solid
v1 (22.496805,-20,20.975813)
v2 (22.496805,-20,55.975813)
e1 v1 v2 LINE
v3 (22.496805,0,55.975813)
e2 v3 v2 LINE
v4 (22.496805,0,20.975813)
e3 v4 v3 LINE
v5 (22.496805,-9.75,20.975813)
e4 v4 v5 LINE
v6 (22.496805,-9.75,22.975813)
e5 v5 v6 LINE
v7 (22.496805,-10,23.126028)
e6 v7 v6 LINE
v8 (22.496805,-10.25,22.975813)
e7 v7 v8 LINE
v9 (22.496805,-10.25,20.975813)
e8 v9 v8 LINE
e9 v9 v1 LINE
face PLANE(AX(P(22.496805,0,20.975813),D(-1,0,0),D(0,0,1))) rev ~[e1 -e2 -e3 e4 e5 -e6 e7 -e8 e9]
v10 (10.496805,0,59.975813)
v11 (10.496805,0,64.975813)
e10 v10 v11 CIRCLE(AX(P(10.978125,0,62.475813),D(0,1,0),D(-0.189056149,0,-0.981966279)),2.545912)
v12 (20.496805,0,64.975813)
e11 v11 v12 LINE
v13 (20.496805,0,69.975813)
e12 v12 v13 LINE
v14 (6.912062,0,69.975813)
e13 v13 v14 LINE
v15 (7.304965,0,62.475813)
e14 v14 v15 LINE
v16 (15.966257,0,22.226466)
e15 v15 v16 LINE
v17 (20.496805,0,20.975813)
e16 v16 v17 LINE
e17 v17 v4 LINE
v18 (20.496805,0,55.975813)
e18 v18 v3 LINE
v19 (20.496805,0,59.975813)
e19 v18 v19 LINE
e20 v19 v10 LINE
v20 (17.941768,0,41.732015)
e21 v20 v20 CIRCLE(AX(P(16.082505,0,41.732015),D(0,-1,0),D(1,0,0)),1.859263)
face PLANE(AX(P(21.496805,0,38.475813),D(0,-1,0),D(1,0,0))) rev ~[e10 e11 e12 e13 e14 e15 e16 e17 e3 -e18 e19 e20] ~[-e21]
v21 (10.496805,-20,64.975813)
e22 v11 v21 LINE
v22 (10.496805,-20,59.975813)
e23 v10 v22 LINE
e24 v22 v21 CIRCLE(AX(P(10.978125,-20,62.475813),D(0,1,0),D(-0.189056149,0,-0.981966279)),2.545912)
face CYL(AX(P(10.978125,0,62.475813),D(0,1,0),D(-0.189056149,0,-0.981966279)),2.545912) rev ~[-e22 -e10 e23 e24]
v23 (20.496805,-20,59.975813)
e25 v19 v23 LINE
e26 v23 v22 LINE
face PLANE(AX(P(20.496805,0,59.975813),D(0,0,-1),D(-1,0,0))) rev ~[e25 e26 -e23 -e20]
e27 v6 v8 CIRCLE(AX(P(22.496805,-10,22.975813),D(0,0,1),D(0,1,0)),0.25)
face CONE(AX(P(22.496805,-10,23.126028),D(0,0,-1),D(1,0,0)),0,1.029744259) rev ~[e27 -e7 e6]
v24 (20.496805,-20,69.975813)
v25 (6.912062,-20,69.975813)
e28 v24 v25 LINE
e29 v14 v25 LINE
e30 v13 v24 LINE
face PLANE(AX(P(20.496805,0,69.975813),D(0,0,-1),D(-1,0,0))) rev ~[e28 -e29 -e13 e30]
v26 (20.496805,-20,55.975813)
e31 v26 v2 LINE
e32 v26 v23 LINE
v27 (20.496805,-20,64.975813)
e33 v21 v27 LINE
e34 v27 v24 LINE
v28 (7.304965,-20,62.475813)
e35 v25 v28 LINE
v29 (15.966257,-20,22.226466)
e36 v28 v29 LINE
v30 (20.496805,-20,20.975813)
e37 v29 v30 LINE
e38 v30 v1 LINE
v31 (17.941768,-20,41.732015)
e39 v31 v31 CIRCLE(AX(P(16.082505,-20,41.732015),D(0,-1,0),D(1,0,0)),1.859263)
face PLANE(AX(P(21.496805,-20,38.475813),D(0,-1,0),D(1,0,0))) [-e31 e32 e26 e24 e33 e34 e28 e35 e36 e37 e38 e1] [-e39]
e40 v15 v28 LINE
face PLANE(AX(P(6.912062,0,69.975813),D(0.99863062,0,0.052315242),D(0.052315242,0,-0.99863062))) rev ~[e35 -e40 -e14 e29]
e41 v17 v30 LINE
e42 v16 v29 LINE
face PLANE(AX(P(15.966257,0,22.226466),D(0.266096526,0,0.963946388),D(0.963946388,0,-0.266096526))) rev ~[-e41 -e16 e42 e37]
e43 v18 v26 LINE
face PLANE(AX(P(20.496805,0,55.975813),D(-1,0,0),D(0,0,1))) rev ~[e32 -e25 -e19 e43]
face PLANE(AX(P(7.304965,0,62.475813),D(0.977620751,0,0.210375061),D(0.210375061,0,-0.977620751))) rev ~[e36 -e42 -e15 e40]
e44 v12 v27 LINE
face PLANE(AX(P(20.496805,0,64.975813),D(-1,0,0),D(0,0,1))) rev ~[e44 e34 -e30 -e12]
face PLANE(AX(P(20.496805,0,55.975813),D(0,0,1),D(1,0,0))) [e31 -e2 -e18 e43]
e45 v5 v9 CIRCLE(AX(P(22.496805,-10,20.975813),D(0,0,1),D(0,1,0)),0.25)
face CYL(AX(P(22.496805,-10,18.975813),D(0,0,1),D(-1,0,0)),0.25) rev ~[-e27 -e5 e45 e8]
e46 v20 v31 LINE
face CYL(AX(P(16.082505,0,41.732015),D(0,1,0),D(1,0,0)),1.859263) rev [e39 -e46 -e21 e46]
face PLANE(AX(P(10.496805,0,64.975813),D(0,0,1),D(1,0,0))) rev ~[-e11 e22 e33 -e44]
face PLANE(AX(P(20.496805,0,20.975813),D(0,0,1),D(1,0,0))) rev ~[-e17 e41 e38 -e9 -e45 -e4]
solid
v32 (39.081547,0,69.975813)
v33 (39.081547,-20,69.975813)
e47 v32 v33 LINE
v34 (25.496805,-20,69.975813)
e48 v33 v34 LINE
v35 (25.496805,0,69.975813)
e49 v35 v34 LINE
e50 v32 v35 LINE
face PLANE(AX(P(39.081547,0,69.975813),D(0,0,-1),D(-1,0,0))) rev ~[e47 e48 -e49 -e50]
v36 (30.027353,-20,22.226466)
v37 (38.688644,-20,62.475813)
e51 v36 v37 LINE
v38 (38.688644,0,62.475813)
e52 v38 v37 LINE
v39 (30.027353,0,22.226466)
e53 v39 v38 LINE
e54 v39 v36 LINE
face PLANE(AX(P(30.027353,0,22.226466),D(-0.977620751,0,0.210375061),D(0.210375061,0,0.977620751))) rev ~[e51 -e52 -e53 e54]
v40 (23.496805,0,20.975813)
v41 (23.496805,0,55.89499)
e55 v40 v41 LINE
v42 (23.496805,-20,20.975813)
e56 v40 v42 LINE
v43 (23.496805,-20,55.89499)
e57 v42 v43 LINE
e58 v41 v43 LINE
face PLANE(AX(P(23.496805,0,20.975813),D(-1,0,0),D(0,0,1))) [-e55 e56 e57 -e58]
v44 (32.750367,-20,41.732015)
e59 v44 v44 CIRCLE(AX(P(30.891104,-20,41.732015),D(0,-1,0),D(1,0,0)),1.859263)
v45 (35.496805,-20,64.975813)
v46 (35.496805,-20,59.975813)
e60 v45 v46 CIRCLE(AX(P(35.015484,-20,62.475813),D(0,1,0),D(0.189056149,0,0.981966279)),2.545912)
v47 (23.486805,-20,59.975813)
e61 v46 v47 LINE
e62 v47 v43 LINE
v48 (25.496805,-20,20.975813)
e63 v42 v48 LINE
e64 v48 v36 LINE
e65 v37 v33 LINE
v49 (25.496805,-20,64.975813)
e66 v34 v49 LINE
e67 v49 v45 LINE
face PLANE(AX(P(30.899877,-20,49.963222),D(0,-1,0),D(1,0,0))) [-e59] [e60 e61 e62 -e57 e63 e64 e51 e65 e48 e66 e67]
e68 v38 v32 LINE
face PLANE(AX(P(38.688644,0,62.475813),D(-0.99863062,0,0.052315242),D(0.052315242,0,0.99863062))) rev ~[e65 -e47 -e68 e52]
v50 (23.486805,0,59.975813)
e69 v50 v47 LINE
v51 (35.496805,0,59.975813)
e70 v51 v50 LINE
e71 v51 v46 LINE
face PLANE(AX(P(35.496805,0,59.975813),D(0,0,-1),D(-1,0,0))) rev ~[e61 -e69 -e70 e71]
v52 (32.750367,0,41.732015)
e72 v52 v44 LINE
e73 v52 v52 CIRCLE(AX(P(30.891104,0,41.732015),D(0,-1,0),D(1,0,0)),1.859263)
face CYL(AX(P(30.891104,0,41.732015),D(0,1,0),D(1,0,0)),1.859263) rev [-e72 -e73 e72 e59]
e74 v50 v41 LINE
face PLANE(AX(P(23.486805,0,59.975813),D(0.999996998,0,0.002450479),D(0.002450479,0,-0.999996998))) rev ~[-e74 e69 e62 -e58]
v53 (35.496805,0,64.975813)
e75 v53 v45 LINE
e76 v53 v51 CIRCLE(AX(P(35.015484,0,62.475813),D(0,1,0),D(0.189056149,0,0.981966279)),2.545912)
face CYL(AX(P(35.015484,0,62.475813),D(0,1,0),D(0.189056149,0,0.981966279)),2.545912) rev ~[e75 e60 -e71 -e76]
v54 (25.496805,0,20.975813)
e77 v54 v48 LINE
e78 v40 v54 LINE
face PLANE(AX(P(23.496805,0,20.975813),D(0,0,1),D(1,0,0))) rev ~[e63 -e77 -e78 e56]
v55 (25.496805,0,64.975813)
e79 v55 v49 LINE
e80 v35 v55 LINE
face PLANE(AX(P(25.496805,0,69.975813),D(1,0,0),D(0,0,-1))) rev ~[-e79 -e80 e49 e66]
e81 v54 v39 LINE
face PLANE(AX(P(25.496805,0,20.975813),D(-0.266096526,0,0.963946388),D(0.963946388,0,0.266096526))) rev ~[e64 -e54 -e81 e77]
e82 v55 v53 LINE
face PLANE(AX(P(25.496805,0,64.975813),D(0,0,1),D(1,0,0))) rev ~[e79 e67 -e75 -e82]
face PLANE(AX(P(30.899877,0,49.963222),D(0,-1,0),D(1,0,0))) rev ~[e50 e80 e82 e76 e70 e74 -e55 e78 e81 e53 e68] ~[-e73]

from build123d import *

# Parameters (mm, degrees)
F0_R     = 1.8592628509
F0_W     = 2
F0_H     = 34.9191774971
F1_DEPTH = 20
F0_H_2   = 35
F3_D     = 0.5
F3_DEPTH = 2
F3_TIP   = 0.1502151548


with BuildPart() as f1:
    # F0 (on Front) → F1 (new body)
    with BuildSketch(Plane.XZ):
        with BuildLine():
            Line((30.0273526112, 22.2264664745), (38.6886444998, 62.4758128023))
            Line((38.6886444998, 62.4758128023), (39.0815468509, 69.9758128023))
            Line((39.0815468509, 69.9758128023), (25.4968045878, 69.9758128023))
            Line((25.4968045878, 69.9758128023), (25.4968045878, 64.9758128023))
            Line((25.4968045878, 64.9758128023), (35.4968045878, 64.9758128023))
            ThreePointArc((35.4968045878, 64.9758128023), (37.5613964893, 62.4758128023), (35.4968045878, 59.9758128023))
            Line((35.4968045878, 59.9758128023), (25.4968045878, 59.9758128023))
            Line((25.4968045878, 59.9758128023), (25.4968045878, 55.8949902994))
            Line((25.4968045878, 55.8949902994), (25.4968045878, 20.9758128023))
            Line((25.4968045878, 20.9758128023), (30.0273526112, 22.2264664745))
        make_face()
        with Locations((30.8911041659, 41.7320145176)):
            Circle(F0_R, mode=Mode.SUBTRACT)
        with Locations((24.4968045878, 38.4354015509)):
            Rectangle(F0_W, F0_H)
        Polygon((23.4968045878, 55.8949902994), (25.4968045878, 55.8949902994), (25.4968045878, 59.9758128023), (23.4868045878, 59.9758128023), align=None)
    extrude(amount=F1_DEPTH)


with BuildPart() as f1b:
    # F0 (on Front) → F1, piece 2 (new body)
    with BuildSketch(Plane.XZ):
        with Locations((21.4968045878, 38.4758128023)):
            Rectangle(F0_W, F0_H_2)
        with BuildLine():
            Line((15.9662565644, 22.2264664745), (20.4968045878, 20.9758128023))
            Line((20.4968045878, 20.9758128023), (20.4968045878, 55.9758128023))
            Line((20.4968045878, 55.9758128023), (20.4968045878, 59.9758128023))
            Line((20.4968045878, 59.9758128023), (10.4968045878, 59.9758128023))
            ThreePointArc((10.4968045878, 59.9758128023), (8.4322126863, 62.4758128023), (10.4968045878, 64.9758128023))
            Line((10.4968045878, 64.9758128023), (20.4968045878, 64.9758128023))
            Line((20.4968045878, 64.9758128023), (20.4968045878, 69.9758128023))
            Line((20.4968045878, 69.9758128023), (6.9120623247, 69.9758128023))
            Line((6.9120623247, 69.9758128023), (7.3049646759, 62.4758128023))
            Line((7.3049646759, 62.4758128023), (15.9662565644, 22.2264664745))
        make_face()
        with Locations((16.0825050097, 41.7320145176)):
            Circle(F0_R, mode=Mode.SUBTRACT)
    extrude(amount=F1_DEPTH)

    # F3
    with Locations(Plane(origin=(0, 0, 20.9758128023), x_dir=(1, 0, 0), z_dir=(0, 0, -1))):
        with Locations((22.4968045878, 10)):
            Hole(F3_D / 2, depth=F3_DEPTH)
            with Locations((0, 0, -(F3_DEPTH + F3_TIP / 2))):  # 118° drill point
                Cone(0, F3_D / 2, F3_TIP, mode=Mode.SUBTRACT)


solid = Compound([f1.part, f1b.part])
